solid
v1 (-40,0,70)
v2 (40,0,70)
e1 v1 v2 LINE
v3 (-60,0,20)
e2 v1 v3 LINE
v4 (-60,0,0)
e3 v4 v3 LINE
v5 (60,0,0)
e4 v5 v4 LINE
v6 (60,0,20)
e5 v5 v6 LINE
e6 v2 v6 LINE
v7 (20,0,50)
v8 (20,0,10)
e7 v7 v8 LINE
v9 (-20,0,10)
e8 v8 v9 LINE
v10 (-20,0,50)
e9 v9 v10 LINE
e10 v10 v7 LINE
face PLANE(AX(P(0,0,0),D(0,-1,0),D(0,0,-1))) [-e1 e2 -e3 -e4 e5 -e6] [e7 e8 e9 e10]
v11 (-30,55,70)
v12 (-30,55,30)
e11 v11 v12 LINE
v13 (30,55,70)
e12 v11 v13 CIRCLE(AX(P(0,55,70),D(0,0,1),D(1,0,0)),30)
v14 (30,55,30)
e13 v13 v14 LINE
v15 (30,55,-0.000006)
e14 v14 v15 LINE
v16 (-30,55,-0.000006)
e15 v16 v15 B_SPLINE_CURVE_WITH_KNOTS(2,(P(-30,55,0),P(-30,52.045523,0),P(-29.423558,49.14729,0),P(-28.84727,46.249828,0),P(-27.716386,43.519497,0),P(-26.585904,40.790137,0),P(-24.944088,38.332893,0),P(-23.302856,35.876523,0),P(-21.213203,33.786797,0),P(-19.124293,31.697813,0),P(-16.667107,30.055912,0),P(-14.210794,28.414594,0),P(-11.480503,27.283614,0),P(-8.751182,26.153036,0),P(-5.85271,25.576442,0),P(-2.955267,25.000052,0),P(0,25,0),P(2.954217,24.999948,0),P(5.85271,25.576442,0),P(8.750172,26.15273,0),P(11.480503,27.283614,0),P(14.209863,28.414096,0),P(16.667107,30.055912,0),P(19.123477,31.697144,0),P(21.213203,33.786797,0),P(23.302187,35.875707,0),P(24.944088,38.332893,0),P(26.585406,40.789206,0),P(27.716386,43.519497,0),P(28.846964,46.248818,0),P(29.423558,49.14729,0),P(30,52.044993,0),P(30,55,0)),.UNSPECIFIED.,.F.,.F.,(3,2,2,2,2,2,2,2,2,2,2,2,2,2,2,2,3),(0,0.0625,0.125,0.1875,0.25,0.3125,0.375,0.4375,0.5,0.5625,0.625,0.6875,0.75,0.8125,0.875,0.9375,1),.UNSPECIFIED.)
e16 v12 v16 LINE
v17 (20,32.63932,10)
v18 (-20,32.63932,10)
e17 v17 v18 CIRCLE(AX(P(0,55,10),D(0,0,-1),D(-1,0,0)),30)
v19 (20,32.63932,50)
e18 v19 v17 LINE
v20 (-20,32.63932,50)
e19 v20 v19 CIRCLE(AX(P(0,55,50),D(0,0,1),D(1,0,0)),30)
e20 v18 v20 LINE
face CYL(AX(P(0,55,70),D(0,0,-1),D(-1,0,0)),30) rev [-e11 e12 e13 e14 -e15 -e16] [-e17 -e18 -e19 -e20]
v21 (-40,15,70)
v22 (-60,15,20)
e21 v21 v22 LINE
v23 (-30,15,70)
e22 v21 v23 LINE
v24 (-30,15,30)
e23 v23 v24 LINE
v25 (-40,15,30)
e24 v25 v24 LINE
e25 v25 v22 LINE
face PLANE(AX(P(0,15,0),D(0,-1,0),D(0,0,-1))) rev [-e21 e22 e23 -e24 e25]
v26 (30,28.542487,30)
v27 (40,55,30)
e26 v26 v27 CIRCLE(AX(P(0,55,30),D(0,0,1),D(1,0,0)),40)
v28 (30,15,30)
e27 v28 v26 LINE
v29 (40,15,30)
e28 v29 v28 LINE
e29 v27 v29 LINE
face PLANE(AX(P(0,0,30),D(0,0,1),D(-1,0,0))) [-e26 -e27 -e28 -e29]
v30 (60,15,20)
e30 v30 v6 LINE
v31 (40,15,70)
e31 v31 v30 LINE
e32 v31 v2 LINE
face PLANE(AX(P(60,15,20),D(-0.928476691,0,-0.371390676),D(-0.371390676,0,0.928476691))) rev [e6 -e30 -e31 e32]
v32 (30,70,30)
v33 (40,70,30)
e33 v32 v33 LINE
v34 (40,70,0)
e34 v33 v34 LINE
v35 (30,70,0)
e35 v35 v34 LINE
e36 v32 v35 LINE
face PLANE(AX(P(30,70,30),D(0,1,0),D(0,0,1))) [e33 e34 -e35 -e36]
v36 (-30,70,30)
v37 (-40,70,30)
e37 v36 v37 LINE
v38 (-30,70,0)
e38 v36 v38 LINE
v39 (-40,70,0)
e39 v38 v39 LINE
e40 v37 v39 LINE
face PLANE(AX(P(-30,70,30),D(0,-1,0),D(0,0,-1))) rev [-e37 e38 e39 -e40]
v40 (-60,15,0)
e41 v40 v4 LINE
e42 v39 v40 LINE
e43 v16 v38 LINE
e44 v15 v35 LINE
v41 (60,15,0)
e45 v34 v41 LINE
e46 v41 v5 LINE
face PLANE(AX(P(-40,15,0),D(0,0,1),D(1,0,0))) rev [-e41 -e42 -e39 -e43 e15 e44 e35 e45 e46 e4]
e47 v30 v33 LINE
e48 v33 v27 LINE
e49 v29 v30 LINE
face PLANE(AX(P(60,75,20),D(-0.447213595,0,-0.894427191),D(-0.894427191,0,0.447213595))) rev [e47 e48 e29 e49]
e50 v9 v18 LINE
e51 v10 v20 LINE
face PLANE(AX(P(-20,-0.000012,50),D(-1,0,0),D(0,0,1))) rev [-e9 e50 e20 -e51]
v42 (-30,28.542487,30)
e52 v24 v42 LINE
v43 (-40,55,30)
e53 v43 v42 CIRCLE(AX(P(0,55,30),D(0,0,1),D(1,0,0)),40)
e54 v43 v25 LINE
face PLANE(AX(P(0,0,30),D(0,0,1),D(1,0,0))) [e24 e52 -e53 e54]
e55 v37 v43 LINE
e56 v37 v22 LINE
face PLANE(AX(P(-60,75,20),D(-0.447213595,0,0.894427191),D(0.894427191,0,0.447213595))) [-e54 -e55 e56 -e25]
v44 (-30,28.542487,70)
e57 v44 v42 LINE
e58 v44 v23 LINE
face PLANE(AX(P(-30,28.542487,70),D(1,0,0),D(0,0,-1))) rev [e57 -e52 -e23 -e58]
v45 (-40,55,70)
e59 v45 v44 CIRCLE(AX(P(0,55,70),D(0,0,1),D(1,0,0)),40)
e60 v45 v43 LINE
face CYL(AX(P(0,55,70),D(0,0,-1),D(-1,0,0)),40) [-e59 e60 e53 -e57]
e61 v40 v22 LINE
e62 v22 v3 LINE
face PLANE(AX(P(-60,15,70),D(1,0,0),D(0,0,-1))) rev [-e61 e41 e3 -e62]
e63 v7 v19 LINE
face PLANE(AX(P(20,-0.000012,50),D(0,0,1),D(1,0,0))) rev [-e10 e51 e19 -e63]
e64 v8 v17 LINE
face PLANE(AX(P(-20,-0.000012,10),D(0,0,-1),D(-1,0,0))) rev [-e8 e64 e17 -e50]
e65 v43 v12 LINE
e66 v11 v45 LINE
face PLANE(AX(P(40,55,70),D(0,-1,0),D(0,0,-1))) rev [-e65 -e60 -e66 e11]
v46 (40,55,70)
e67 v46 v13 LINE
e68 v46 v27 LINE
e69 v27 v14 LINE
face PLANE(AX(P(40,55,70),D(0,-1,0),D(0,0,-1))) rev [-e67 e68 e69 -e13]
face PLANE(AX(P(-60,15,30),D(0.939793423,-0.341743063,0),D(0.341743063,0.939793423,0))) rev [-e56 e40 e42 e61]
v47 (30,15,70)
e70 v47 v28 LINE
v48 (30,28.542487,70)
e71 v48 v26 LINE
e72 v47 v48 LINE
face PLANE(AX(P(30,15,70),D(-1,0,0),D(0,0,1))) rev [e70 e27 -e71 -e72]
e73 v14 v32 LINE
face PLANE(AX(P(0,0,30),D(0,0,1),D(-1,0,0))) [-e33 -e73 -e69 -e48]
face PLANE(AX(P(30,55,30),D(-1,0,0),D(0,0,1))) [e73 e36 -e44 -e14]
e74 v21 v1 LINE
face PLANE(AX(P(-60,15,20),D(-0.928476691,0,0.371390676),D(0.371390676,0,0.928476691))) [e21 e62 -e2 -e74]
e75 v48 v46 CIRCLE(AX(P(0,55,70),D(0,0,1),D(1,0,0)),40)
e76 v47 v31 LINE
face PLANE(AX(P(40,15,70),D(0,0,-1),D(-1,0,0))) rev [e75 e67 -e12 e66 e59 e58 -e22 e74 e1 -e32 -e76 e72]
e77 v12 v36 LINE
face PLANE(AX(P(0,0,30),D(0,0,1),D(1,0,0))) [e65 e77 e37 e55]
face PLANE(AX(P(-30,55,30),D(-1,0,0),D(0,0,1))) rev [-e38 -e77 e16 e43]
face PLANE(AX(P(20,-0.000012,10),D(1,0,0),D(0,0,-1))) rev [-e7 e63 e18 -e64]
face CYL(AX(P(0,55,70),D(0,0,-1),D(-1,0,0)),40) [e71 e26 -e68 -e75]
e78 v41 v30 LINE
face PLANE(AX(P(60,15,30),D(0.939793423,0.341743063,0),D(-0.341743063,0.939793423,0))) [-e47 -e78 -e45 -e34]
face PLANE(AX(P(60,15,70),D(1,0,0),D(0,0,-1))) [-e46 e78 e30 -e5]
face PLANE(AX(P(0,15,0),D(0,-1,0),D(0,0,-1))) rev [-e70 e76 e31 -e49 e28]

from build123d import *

# Parameters (mm, degrees)
SKETCH1_W               = 80
SKETCH1_H               = 70
BOSS_EXTRUDE1_DEPTH     = 15
BOSS_EXTRUDE2_DEPTH     = 70
SKETCH3_W               = 20
SKETCH3_H               = 70
BOSS_EXTRUDE3_DEPTH     = 15
SKETCH4_W               = 10
SKETCH4_H               = 15
BOSS_EXTRUDE4_DEPTH     = 30
BOSS_EXTRUDE5_DEPTH     = 30
CUT_EXTRUDE1_DEPTH      = 15
CUT_EXTRUDE2_START      = 15
CUT_EXTRUDE2_DEPTH      = 60
CUT_EXTRUDE3_DEPTH      = 116.758369028
CUT_EXTRUDE3_DEPTH_BACK = 116.758369028
CUT_EXTRUDE4_DEPTH      = 116.758369028
CUT_EXTRUDE4_DEPTH_BACK = 116.758369028
SKETCH9_W               = 40
SKETCH9_H               = 40


with BuildPart() as part:
    # Sketch1 → Boss-Extrude1 (new body)
    with BuildSketch(Plane(origin=(0, 0, 0), x_dir=(1, 0, 0), z_dir=(0, 1, 0))):
        with Locations((0, -35)):
            Rectangle(SKETCH1_W, SKETCH1_H)
    extrude(amount=BOSS_EXTRUDE1_DEPTH)

    # Sketch2 → Boss-Extrude2 (add)
    with BuildSketch(Plane.XY):
        with BuildLine():
            Line((-30, 15), (30, 15))
            Line((30, 15), (30, 28.542486889))
            ThreePointArc((30, 28.542486889), (37.416573868, 40.857864376), (40, 55))
            Line((40, 55), (-40, 55))
            ThreePointArc((-40, 55), (-37.416573868, 40.857864376), (-30, 28.542486889))
            Line((-30, 28.542486889), (-30, 15))
        make_face()
    extrude(amount=BOSS_EXTRUDE2_DEPTH)

    # Sketch3 → Boss-Extrude3 (add)
    with BuildSketch(Plane(origin=(0, 0, 0), x_dir=(1, 0, 0), z_dir=(0, 1, 0))):
        with Locations((-50, -35)):
            Rectangle(SKETCH3_W, SKETCH3_H)
    boss_extrude3 = extrude(amount=BOSS_EXTRUDE3_DEPTH)

    # Sketch4 → Boss-Extrude4 (add)
    with BuildSketch(Plane.XY):
        with Locations((-35, 62.5)):
            Rectangle(SKETCH4_W, SKETCH4_H)
    boss_extrude4 = extrude(amount=BOSS_EXTRUDE4_DEPTH)

    # Sketch5 → Boss-Extrude5 (add)
    with BuildSketch(Plane.XY):
        Polygon((-60, 15), (-40, 70), (-40, 55), (-30, 55), (-30, 15), align=None)
    boss_extrude5 = extrude(amount=BOSS_EXTRUDE5_DEPTH)

    # Sketch6 → Cut-Extrude1 (cut)
    with BuildSketch(Plane(origin=(0, 0, 0), x_dir=(1, 0, 0), z_dir=(0, 1, 0))):
        Polygon((-60, -20), (-40, -70), (-60, -70), align=None)
    cut_extrude1 = extrude(amount=CUT_EXTRUDE1_DEPTH, mode=Mode.SUBTRACT)

    # Sketch7 → Cut-Extrude2 (cut)
    with BuildSketch(Plane(origin=(0, 0, 0), x_dir=(1, 0, 0), z_dir=(0, 1, 0)).offset(CUT_EXTRUDE2_START)):
        Polygon((-60, -20), (-40, -30), (-60, -30), align=None)
    cut_extrude2 = extrude(amount=CUT_EXTRUDE2_DEPTH, mode=Mode.SUBTRACT)

    # Mirror1: Boss-Extrude3, Boss-Extrude4, Boss-Extrude5, Cut-Extrude1, Cut-Extrude2 across plane
    add(boss_extrude3.mirror(Plane(origin=(0, 0, 0), x_dir=(0, 0, 1), z_dir=(1, 0, 0))))
    add(boss_extrude4.mirror(Plane(origin=(0, 0, 0), x_dir=(0, 0, 1), z_dir=(1, 0, 0))))
    add(boss_extrude5.mirror(Plane(origin=(0, 0, 0), x_dir=(0, 0, 1), z_dir=(1, 0, 0))))
    add(cut_extrude1.mirror(Plane(origin=(0, 0, 0), x_dir=(0, 0, 1), z_dir=(1, 0, 0))), mode=Mode.SUBTRACT)
    add(cut_extrude2.mirror(Plane(origin=(0, 0, 0), x_dir=(0, 0, 1), z_dir=(1, 0, 0))), mode=Mode.SUBTRACT)

    # Sketch8 → Cut-Extrude3 (cut, two sides: drawn at the far end of the back side and taken through both)
    with BuildSketch(Plane.XY.offset(-CUT_EXTRUDE3_DEPTH_BACK)):
        with BuildLine():
            Line((-30, 72), (-30, 55))
            ThreePointArc((-30, 55), (0, 25), (30, 55))
            Line((30, 55), (30, 72))
            Line((30, 72), (-30, 72))
        make_face()
    extrude(amount=CUT_EXTRUDE3_DEPTH + CUT_EXTRUDE3_DEPTH_BACK, mode=Mode.SUBTRACT)

    # Sketch9 → Cut-Extrude4 (cut, two sides: drawn at the far end of the back side and taken through both)
    with BuildSketch(Plane(origin=(0, 0, 0), x_dir=(1, 0, 0), z_dir=(0, 1, 0)).offset(-CUT_EXTRUDE4_DEPTH_BACK)):
        with Locations((0, -30)):
            Rectangle(SKETCH9_W, SKETCH9_H)
    extrude(amount=CUT_EXTRUDE4_DEPTH + CUT_EXTRUDE4_DEPTH_BACK, mode=Mode.SUBTRACT)


solid = part.part
